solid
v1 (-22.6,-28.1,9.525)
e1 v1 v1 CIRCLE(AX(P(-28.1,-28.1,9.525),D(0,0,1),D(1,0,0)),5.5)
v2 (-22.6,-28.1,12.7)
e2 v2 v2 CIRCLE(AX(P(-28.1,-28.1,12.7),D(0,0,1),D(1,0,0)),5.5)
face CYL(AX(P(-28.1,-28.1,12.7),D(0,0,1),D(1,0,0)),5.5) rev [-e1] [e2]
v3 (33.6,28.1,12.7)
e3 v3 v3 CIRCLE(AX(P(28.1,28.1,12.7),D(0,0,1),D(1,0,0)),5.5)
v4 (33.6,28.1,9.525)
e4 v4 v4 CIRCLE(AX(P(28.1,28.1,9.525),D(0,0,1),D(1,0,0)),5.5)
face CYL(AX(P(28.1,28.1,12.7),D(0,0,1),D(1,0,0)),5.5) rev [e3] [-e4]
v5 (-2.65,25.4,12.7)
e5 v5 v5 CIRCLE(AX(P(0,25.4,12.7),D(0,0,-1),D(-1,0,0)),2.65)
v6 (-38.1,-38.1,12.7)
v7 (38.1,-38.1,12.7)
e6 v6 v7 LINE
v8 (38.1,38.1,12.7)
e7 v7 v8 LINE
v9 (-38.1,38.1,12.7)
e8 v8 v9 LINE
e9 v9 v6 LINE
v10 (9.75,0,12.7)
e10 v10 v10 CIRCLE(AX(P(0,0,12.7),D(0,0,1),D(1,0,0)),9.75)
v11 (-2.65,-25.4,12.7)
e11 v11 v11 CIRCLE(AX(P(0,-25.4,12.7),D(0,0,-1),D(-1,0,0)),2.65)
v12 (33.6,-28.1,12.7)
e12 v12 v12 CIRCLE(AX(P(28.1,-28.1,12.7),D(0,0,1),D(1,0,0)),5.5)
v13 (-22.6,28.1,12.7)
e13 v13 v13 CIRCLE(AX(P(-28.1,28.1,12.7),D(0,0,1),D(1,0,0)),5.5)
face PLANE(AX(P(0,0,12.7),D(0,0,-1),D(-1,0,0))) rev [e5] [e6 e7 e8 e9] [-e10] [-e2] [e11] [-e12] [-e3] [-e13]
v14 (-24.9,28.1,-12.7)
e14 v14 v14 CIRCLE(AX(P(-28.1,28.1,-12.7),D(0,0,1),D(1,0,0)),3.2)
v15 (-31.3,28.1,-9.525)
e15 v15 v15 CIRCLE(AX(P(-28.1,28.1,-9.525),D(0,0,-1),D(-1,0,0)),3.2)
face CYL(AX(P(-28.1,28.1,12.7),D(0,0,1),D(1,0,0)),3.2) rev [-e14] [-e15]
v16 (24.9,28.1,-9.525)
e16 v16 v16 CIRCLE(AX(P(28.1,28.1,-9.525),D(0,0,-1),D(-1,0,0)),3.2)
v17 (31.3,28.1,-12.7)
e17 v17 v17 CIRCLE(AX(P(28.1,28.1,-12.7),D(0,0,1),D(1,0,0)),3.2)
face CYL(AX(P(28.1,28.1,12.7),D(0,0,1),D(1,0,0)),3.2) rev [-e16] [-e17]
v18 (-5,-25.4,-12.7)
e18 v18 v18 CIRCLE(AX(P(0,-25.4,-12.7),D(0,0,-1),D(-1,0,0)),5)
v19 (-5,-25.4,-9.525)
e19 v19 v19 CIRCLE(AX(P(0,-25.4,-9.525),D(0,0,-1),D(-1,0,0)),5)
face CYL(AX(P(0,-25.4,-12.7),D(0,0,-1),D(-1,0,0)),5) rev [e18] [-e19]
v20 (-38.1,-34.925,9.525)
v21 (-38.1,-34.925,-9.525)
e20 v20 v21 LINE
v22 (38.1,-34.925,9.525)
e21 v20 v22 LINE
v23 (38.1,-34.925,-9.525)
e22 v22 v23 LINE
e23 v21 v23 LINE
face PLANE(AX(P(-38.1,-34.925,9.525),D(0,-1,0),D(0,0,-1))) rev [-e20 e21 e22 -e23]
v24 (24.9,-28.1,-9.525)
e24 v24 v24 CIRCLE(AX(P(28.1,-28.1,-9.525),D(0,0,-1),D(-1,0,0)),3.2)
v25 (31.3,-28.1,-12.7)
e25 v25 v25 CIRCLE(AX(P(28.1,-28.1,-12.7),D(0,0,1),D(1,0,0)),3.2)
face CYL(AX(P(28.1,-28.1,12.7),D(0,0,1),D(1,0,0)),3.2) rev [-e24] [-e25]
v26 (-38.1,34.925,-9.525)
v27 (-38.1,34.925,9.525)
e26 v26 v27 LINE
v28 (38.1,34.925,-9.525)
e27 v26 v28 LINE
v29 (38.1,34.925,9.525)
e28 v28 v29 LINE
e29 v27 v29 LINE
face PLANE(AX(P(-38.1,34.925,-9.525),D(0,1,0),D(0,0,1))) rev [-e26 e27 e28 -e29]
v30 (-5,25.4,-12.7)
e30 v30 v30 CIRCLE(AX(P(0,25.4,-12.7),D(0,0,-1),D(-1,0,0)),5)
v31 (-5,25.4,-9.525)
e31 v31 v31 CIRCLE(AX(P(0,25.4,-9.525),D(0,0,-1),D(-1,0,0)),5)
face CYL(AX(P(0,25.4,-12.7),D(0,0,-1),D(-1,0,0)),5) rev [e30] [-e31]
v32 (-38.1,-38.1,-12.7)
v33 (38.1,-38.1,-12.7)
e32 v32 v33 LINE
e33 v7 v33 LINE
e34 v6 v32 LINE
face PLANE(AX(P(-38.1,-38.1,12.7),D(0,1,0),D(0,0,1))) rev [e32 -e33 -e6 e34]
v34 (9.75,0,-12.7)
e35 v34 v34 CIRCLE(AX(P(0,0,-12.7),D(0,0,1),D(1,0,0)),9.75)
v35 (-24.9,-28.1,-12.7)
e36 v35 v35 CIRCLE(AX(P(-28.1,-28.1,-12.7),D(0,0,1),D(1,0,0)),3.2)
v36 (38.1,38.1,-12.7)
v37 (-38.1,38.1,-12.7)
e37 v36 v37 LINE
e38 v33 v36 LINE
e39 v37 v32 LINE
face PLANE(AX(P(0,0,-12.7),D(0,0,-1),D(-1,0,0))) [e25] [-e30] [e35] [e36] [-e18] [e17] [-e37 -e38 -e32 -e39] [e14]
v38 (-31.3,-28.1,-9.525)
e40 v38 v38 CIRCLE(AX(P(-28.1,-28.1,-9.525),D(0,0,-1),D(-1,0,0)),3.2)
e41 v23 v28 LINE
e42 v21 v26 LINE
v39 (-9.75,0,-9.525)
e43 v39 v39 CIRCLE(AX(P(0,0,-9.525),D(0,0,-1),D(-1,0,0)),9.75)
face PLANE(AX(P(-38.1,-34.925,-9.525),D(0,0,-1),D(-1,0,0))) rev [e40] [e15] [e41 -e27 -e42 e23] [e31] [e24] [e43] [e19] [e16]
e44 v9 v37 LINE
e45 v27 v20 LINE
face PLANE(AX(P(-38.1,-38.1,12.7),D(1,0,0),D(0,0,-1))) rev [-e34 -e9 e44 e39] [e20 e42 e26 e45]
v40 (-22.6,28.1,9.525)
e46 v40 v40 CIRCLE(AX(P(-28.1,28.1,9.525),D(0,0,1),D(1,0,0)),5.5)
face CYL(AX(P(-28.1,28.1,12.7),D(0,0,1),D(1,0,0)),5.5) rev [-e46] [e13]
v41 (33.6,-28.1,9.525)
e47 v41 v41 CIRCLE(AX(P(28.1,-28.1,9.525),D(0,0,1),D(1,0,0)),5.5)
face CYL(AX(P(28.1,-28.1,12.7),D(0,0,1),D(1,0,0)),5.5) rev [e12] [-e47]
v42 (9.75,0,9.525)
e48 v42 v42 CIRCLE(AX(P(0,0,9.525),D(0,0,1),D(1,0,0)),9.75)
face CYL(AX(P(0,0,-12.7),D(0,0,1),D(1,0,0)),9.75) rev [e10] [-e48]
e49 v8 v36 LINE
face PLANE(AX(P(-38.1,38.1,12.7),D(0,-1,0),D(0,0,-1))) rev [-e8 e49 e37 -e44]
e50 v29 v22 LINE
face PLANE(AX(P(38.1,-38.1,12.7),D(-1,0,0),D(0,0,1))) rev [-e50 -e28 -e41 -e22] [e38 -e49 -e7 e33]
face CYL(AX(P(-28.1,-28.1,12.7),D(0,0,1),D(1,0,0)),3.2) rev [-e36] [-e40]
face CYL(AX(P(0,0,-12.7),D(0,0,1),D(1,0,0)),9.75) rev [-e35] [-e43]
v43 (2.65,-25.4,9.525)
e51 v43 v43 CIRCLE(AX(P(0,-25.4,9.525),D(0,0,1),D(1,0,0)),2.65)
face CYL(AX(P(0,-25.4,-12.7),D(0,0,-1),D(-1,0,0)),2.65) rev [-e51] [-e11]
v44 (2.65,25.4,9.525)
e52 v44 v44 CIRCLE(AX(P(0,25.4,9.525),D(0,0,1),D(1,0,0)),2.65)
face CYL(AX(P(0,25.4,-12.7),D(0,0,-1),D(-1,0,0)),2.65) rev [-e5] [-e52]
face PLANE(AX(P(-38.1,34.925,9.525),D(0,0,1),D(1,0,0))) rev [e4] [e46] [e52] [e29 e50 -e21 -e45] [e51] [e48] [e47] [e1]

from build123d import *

# Parameters (mm, degrees)
SKETCH1_W                                       = 76.2
SKETCH1_H                                       = 76.2
BOSS_EXTRUDE1_DEPTH                             = 12.7
SKETCH2_W                                       = 19.05
SKETCH2_H                                       = 69.85
CUT_EXTRUDE1_DEPTH                              = 77.2
SKETCH4_R                                       = 9.75
SKETCH4_R_2                                     = 2.2
SKETCH4_R_3                                     = 2.368967754
SKETCH4_R_4                                     = 2.114206927
SKETCH4_R_5                                     = 2.315385773
SKETCH4_R_6                                     = 1.799630575
CUT_EXTRUDE2_DEPTH                              = 26.4
CBORE_FOR_M6_SOCKET_HEAD_CAP_SCREW1_D           = 6.4
CBORE_FOR_M6_SOCKET_HEAD_CAP_SCREW1_CBORE_D     = 11
CBORE_FOR_M6_SOCKET_HEAD_CAP_SCREW1_CBORE_DEPTH = 6.4
CUT_EXTRUDE3_REACH                              = 27.4
SKETCH8_R                                       = 3.81
CBORE_FOR_M5_SOCKET_HEAD_CAP_SCREW3_D           = 5.3
CBORE_FOR_M5_SOCKET_HEAD_CAP_SCREW3_CBORE_D     = 10
CBORE_FOR_M5_SOCKET_HEAD_CAP_SCREW3_CBORE_DEPTH = 5.4


with BuildPart() as part:
    # Sketch1 → Boss-Extrude1 (new body, symmetric)
    with BuildSketch(Plane.XY):
        Rectangle(SKETCH1_W, SKETCH1_H)
    extrude(amount=BOSS_EXTRUDE1_DEPTH, both=True)

    # Sketch2 → Cut-Extrude1 (cut, through all)
    with BuildSketch(Plane(origin=(38.1, 0, 0), x_dir=(0, 0, -1), z_dir=(1, 0, 0))):
        Rectangle(SKETCH2_W, SKETCH2_H)
    extrude(amount=-CUT_EXTRUDE1_DEPTH, mode=Mode.SUBTRACT)

    # Sketch4 → Cut-Extrude2 (cut, through all)
    with BuildSketch(Plane.XY.offset(12.7)):
        Circle(SKETCH4_R)
        with Locations((0, 25.4)):
            Circle(SKETCH4_R_2)
        with Locations((-28.1, 28.1)):
            Circle(SKETCH4_R_3)
        with Locations((28.1, 28.1)):
            Circle(SKETCH4_R_4)
        with Locations((-28.1, -28.1)):
            Circle(SKETCH4_R_5)
        with Locations((28.1, -28.1)):
            Circle(SKETCH4_R_6)
        with Locations((0, -25.4)):
            Circle(SKETCH4_R_2)
    extrude(amount=-CUT_EXTRUDE2_DEPTH, mode=Mode.SUBTRACT)

    # CBORE for M6 Socket Head Cap Screw1 (through all)
    with Locations(Plane.XY.offset(12.7)):
        with Locations((-28.1, 28.1), (28.1, 28.1), (28.1, -28.1), (-28.1, -28.1)):
            CounterBoreHole(CBORE_FOR_M6_SOCKET_HEAD_CAP_SCREW1_D / 2, CBORE_FOR_M6_SOCKET_HEAD_CAP_SCREW1_CBORE_D / 2, CBORE_FOR_M6_SOCKET_HEAD_CAP_SCREW1_CBORE_DEPTH)

    # Sketch8 → Cut-Extrude3 (cut, up to next)
    with BuildSketch(Plane(origin=(0, 0, -12.7), x_dir=(-1, 0, 0), z_dir=(0, 0, -1)), mode=Mode.PRIVATE) as cut_extrude3_sk1:
        with Locations((0, 25.4)):
            Circle(SKETCH8_R)
    cut_extrude3_tool1 = extrude(cut_extrude3_sk1.sketch, amount=-CUT_EXTRUDE3_REACH, mode=Mode.PRIVATE) & part.part
    add(cut_extrude3_tool1.solids().sort_by_distance((0, 25.4, -12.7))[0], mode=Mode.SUBTRACT)
    # Sketch8 → Cut-Extrude3 (cut, up to next)
    with BuildSketch(Plane(origin=(0, 0, -12.7), x_dir=(-1, 0, 0), z_dir=(0, 0, -1)), mode=Mode.PRIVATE) as cut_extrude3_sk2:
        with Locations((0, -25.4)):
            Circle(SKETCH8_R)
    cut_extrude3_tool2 = extrude(cut_extrude3_sk2.sketch, amount=-CUT_EXTRUDE3_REACH, mode=Mode.PRIVATE) & part.part
    add(cut_extrude3_tool2.solids().sort_by_distance((0, -25.4, -12.7))[0], mode=Mode.SUBTRACT)

    # CBORE for M5 Socket Head Cap Screw3 (through all)
    with Locations(Plane(origin=(0, 0, -12.7), x_dir=(-1, 0, 0), z_dir=(0, 0, -1))):
        with Locations((0, -25.4), (0, 25.4)):
            CounterBoreHole(CBORE_FOR_M5_SOCKET_HEAD_CAP_SCREW3_D / 2, CBORE_FOR_M5_SOCKET_HEAD_CAP_SCREW3_CBORE_D / 2, CBORE_FOR_M5_SOCKET_HEAD_CAP_SCREW3_CBORE_DEPTH)


solid = part.part
